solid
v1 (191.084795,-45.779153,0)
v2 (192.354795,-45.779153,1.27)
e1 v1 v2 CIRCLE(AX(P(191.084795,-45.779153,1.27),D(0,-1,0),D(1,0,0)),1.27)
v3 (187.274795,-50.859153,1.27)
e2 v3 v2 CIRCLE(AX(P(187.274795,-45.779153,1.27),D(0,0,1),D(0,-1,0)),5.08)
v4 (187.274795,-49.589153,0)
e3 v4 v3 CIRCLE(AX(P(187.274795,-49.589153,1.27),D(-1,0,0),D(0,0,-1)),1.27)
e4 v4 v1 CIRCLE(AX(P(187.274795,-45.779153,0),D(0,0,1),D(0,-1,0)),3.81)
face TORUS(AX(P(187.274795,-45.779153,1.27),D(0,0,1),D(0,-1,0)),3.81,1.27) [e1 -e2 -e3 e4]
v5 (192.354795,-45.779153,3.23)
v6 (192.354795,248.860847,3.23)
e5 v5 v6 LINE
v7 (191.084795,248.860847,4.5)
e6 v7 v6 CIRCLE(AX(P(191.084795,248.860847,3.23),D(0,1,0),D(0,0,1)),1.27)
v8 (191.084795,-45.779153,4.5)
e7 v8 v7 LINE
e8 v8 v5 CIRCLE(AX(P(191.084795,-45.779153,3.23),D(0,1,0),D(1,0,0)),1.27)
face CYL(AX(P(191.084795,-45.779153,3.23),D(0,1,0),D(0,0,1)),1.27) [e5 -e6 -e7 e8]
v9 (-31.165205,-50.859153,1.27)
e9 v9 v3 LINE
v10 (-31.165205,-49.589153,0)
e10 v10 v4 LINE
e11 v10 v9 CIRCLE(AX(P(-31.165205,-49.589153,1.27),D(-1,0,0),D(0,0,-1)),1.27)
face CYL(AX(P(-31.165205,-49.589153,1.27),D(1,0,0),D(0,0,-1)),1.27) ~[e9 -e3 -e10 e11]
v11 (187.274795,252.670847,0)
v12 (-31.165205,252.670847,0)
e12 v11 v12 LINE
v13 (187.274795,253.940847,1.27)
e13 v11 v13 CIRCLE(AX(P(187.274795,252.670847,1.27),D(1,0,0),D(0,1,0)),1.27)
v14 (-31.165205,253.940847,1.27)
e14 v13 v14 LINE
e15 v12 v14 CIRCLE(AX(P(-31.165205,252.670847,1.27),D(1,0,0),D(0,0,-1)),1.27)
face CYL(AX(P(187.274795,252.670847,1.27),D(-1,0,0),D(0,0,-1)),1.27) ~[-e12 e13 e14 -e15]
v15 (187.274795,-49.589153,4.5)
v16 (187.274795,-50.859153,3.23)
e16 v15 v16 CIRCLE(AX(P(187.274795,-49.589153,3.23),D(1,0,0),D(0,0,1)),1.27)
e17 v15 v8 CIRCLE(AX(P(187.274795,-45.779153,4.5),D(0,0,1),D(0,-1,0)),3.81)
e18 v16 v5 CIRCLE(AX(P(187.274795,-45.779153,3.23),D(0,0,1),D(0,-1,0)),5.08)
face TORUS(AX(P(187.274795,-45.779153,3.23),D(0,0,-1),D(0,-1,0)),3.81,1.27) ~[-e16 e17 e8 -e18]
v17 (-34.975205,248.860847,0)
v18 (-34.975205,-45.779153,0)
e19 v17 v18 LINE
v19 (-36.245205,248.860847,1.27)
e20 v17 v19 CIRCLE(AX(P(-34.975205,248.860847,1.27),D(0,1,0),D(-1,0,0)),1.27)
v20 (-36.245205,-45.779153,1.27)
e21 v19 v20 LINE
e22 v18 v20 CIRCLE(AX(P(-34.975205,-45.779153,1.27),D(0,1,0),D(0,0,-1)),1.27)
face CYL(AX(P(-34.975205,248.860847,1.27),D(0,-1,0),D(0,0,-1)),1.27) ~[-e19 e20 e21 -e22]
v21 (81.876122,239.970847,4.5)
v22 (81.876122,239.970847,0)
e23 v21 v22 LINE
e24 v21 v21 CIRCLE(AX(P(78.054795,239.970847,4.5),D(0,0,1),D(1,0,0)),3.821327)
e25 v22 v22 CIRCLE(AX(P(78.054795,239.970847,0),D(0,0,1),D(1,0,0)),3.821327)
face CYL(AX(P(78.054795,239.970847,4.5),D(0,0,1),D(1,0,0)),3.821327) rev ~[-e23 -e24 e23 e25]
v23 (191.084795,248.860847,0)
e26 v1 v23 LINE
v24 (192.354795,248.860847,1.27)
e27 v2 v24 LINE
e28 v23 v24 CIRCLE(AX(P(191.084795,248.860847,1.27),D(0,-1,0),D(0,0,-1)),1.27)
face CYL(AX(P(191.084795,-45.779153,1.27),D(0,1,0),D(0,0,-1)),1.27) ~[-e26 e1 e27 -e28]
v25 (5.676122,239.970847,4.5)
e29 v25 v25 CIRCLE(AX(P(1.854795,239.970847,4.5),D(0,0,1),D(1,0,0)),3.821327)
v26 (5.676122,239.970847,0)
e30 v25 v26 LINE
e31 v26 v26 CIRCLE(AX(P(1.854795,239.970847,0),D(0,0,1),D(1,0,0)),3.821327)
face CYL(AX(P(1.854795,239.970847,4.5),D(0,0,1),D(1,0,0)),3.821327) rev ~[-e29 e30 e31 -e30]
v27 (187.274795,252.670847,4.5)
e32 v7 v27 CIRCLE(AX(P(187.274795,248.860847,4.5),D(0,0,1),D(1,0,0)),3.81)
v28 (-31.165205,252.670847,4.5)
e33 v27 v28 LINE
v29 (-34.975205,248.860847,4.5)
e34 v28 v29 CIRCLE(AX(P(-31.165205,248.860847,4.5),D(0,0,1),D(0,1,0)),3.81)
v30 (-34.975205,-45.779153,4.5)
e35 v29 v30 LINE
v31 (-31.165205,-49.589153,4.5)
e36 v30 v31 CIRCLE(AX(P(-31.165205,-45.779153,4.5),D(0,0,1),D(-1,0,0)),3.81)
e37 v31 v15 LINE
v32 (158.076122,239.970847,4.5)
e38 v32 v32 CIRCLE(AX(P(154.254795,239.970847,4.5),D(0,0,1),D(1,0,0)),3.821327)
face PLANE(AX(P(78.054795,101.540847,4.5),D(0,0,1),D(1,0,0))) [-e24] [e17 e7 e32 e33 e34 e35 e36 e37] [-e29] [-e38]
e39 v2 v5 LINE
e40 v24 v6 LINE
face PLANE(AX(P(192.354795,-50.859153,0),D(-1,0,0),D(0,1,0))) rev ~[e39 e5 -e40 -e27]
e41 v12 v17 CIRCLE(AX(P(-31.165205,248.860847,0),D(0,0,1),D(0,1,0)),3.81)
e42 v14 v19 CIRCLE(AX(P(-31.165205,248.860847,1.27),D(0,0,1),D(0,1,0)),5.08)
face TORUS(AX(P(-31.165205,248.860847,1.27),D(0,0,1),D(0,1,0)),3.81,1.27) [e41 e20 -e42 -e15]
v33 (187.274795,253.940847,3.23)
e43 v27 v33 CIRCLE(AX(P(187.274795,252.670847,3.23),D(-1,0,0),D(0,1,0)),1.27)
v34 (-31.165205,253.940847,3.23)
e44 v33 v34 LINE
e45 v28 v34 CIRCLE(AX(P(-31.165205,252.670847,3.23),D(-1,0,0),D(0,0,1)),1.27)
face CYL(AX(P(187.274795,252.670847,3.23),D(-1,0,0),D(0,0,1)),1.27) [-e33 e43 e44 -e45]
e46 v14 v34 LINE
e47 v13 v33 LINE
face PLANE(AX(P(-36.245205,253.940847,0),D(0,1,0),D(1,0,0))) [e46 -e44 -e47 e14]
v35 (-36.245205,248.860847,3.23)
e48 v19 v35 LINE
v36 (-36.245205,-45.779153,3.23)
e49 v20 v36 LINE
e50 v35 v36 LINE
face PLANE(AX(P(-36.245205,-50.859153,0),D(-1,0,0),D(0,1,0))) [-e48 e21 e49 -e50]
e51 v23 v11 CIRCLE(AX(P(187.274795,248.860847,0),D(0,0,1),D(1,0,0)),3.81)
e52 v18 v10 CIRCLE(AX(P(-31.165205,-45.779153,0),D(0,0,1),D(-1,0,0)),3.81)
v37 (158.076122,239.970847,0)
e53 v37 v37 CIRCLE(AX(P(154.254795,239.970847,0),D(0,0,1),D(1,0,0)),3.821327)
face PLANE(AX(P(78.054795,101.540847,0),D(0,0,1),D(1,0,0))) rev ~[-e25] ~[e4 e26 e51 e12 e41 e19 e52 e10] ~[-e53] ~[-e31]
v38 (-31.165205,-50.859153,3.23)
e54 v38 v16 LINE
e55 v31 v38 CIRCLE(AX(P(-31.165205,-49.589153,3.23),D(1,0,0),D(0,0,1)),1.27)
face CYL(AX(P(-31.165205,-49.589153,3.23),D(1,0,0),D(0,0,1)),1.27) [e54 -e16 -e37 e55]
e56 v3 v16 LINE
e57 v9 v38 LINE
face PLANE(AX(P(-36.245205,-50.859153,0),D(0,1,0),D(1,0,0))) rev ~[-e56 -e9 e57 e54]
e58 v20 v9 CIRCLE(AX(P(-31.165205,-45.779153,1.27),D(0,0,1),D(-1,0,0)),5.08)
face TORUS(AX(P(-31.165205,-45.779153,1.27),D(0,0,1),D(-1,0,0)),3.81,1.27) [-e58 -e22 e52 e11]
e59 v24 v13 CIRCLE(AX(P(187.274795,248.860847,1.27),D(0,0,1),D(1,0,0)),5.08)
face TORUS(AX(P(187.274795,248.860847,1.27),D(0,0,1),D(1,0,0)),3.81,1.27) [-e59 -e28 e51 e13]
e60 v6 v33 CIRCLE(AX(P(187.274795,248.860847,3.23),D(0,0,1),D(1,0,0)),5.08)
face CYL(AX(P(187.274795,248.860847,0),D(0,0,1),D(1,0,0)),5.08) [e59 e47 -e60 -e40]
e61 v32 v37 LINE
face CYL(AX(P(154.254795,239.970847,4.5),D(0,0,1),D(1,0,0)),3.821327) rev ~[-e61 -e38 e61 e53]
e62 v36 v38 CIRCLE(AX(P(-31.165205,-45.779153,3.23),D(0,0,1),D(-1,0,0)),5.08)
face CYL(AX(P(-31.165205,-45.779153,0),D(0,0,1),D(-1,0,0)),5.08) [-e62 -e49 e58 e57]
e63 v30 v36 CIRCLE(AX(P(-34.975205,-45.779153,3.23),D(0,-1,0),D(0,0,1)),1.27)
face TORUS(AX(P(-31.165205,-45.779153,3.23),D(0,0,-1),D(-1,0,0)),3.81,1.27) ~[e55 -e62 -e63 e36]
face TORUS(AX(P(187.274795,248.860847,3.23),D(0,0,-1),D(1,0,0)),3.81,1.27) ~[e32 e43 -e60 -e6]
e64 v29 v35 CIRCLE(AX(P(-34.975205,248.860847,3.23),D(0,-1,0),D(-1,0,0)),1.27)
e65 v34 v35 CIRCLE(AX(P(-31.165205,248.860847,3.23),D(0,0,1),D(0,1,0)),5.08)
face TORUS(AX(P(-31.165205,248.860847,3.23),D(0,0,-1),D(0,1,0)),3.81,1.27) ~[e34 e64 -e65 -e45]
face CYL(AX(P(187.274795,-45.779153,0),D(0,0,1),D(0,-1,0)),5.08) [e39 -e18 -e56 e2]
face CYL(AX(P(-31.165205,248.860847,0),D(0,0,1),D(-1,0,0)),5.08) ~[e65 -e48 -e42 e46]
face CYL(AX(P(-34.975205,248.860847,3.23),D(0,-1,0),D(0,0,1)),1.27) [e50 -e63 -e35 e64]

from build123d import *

# Parameters (mm, degrees)
F0_W     = 228.6
F0_H     = 304.8
F1_DEPTH = 4.5
F2_R     = 5.08
F3_R     = 1.27
F4_R     = 3.821327
F5_DEPTH = 4.5


with BuildPart() as f1:
    # F0 (on Top) → F1 (new body)
    with BuildSketch(Plane.XY):
        with Locations((78.054795, 101.540847)):
            Rectangle(F0_W, F0_H)
    extrude(amount=F1_DEPTH)

    # F2
    f2_edges = [f1.edges().sort_by_distance(p)[0] for p in [
        (-36.245205, 253.940847, 2.25),
        (192.354795, 253.940847, 2.25),
        (-36.245205, -50.859153, 2.25),
        (192.354795, -50.859153, 2.25),
    ]]
    fillet(f2_edges, radius=F2_R)

    # F3
    f3_edges = [f1.edges().sort_by_distance(p)[0] for p in [
        (78.054795, -50.859153, 0),
        (-31.165205, -50.859153, 2.25),
        (187.274795, -50.859153, 2.25),
        (78.054795, -50.859153, 4.5),
    ]]
    fillet(f3_edges, radius=F3_R)

    # F4 (on face) → F5 (cut)
    with BuildSketch(Plane.XY.offset(4.5)):
        with Locations((1.854795, 239.970847)):
            Circle(F4_R)
        with Locations((78.054795, 239.970847)):
            Circle(F4_R)
        with Locations((154.254795, 239.970847)):
            Circle(F4_R)
    extrude(amount=-F5_DEPTH, mode=Mode.SUBTRACT)


solid = f1.part
